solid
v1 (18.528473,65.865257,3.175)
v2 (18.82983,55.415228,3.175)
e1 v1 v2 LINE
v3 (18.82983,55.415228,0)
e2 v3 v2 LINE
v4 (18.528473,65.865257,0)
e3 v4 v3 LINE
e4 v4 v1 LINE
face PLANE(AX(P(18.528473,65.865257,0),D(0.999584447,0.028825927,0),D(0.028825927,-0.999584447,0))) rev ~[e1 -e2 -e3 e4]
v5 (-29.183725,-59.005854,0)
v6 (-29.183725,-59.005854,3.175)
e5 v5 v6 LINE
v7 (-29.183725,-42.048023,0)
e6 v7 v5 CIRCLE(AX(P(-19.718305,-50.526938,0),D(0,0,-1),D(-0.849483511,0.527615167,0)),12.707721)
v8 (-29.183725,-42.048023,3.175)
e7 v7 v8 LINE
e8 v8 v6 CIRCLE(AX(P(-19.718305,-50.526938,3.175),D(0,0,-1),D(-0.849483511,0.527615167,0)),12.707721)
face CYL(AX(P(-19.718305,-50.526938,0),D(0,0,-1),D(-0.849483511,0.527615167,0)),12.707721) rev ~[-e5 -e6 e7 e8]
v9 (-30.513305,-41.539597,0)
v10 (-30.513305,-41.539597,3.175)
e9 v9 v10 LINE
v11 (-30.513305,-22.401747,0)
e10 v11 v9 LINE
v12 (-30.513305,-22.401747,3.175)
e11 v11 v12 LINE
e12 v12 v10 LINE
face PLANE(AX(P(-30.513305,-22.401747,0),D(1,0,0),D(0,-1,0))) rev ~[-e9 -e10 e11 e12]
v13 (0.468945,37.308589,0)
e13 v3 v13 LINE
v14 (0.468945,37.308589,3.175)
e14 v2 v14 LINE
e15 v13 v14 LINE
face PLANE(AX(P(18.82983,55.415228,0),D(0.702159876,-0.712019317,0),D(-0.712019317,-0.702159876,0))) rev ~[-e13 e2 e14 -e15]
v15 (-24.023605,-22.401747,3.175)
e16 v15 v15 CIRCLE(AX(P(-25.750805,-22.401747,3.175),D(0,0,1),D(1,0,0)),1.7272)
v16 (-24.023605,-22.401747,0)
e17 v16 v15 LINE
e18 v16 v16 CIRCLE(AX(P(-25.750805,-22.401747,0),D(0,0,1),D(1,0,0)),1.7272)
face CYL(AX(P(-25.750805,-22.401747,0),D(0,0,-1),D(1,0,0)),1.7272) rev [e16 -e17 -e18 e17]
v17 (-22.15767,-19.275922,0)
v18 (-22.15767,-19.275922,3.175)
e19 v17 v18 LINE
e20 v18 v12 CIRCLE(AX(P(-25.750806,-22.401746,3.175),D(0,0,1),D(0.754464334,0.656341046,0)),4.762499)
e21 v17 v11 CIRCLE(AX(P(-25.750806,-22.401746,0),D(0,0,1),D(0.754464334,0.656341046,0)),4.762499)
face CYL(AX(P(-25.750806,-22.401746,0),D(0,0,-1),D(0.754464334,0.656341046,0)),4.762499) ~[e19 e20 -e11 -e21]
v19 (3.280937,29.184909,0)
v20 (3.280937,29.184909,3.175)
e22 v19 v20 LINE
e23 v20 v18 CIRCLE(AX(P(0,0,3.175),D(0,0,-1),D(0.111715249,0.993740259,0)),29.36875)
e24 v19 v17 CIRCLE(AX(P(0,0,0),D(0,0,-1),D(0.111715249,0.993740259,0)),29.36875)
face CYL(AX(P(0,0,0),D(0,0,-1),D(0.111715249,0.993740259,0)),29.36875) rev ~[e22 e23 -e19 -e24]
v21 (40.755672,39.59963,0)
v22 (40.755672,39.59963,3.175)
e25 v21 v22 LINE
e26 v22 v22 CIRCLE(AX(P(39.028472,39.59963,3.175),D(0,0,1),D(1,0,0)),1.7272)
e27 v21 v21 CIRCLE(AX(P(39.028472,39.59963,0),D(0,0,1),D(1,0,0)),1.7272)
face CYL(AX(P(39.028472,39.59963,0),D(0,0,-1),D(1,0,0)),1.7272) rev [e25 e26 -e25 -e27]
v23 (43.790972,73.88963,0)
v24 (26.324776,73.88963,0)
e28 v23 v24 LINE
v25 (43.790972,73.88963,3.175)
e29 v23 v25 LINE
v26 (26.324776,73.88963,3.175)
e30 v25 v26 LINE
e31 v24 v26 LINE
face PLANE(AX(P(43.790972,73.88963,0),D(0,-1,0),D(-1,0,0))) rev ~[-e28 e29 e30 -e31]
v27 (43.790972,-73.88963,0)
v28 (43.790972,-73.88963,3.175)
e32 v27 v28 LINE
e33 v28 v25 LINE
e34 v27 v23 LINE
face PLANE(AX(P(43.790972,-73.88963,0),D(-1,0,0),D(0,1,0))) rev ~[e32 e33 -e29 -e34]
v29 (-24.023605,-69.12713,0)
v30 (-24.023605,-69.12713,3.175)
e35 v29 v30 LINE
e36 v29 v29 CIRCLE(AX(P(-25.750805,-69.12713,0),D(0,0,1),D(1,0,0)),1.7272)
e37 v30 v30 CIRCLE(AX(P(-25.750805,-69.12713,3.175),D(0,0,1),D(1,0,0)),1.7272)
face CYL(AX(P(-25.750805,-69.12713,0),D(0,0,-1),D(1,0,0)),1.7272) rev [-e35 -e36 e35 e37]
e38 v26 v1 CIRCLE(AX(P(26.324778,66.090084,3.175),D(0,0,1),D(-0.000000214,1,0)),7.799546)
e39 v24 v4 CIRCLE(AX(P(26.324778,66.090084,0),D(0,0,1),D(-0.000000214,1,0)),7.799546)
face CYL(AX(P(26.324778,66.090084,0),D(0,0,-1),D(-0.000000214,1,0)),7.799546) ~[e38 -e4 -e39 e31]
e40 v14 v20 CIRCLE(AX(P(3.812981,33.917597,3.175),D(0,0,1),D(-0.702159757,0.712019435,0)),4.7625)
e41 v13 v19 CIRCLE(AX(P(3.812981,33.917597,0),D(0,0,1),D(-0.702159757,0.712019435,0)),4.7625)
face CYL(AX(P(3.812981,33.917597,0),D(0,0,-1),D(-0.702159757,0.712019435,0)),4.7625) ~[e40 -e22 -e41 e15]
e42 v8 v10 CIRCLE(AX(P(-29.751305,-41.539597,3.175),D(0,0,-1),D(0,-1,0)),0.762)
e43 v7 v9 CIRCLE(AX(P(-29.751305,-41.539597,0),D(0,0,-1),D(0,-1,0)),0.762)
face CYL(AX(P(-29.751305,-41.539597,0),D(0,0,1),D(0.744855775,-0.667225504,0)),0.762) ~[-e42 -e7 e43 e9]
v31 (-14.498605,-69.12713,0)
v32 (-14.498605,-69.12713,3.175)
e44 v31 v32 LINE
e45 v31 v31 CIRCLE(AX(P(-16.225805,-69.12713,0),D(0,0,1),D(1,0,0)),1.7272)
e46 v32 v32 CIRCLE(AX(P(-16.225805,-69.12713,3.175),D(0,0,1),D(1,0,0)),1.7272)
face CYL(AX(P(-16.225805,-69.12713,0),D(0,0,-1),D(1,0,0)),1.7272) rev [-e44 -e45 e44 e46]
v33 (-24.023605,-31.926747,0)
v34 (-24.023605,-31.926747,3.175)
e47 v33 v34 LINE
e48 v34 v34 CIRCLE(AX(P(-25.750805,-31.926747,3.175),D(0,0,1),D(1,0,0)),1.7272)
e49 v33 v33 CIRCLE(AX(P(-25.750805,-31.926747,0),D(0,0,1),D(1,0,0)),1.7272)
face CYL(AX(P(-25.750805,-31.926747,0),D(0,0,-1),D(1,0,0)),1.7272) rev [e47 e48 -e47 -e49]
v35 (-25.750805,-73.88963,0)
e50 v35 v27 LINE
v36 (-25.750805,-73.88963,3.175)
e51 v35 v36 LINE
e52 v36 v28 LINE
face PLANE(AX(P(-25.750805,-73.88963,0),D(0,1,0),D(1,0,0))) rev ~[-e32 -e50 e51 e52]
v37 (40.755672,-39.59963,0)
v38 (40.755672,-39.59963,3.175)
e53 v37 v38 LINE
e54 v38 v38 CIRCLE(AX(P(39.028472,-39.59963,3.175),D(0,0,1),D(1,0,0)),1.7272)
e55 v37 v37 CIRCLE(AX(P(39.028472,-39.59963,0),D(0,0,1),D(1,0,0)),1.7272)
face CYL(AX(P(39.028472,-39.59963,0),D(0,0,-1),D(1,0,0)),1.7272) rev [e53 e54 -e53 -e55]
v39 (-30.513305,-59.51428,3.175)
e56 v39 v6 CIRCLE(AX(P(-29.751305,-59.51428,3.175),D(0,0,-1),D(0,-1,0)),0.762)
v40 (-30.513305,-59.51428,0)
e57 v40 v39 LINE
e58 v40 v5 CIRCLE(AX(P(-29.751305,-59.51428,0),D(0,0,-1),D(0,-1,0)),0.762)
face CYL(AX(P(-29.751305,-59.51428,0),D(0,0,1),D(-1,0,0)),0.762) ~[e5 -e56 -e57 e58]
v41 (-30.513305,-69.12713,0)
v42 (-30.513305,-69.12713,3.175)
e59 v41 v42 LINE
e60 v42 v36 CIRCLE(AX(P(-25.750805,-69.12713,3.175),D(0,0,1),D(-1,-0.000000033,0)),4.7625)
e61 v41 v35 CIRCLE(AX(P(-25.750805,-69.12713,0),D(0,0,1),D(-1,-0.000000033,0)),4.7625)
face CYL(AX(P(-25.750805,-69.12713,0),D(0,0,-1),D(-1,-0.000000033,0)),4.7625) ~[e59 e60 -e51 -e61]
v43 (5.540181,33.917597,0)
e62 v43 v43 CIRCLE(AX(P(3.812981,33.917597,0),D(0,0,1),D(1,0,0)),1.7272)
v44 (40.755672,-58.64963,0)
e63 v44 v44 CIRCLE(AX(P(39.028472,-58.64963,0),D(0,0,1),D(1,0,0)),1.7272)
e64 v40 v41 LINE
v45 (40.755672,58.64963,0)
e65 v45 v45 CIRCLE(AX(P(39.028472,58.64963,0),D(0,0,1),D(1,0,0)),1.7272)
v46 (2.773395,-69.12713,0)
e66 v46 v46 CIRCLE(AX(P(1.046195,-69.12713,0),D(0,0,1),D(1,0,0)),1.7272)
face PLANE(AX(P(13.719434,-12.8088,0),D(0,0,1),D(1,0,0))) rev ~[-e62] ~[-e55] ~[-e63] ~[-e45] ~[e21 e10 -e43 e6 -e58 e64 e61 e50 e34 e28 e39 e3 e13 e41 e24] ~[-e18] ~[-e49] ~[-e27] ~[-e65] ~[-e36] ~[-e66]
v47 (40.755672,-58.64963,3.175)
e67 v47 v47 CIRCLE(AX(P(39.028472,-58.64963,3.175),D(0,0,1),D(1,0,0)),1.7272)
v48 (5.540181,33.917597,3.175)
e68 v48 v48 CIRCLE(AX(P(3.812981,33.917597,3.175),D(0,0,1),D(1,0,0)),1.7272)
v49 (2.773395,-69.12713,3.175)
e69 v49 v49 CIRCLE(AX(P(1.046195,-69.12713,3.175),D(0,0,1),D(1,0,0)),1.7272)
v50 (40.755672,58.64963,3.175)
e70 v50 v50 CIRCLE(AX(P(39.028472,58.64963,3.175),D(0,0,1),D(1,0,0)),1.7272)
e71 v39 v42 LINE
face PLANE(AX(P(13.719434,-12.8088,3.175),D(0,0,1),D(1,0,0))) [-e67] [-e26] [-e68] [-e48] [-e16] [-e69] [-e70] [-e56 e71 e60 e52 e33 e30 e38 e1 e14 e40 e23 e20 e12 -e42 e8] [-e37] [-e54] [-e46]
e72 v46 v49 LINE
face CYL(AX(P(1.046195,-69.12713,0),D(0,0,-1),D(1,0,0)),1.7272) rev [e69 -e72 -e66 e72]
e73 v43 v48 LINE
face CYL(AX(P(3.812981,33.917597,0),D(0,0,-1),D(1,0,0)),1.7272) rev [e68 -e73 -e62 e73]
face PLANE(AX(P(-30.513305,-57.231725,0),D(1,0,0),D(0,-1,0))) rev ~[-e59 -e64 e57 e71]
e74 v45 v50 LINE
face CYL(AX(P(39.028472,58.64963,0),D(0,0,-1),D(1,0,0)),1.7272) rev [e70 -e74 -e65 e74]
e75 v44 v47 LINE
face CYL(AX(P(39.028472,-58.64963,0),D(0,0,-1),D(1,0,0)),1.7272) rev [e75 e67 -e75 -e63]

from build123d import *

# Parameters (mm, degrees)
F0_R     = 1.7272
F1_DEPTH = 3.175
F2_R     = 0.762


with BuildPart() as f1:
    # F0 (on Top) → F1 (new body)
    with BuildSketch(Plane.XY):
        with BuildLine():
            Line((-25.750805, -73.88963), (43.790972, -73.88963))
            Line((43.790972, -73.88963), (43.790972, 73.88963))
            Line((43.790972, 73.88963), (26.324776, 73.88963))
            ThreePointArc((26.324776, 73.88963), (20.730742, 71.525126), (18.528473, 65.865257))
            Line((18.528473, 65.865257), (18.82983, 55.415228))
            Line((18.82983, 55.415228), (0.468945, 37.308589))
            ThreePointArc((0.468945, 37.308589), (-0.687524, 32.359758), (3.280937, 29.184909))
            ThreePointArc((3.280937, 29.184909), (26.003765, -13.65019), (-22.15767, -19.275922))
            ThreePointArc((-22.15767, -19.275922), (-27.419502, -17.941157), (-30.513305, -22.401747))
            Line((-30.513305, -22.401747), (-30.513305, -43.822152))
            ThreePointArc((-30.513305, -43.822152), (-7.010584, -50.526938), (-30.513305, -57.231725))
            Line((-30.513305, -57.231725), (-30.513305, -69.12713))
            ThreePointArc((-30.513305, -69.12713), (-29.118401, -72.494726), (-25.750805, -73.88963))
        make_face()
        with Locations((-25.750805, -69.12713)):
            Circle(F0_R, mode=Mode.SUBTRACT)
        with Locations((-16.225805, -69.12713)):
            Circle(F0_R, mode=Mode.SUBTRACT)
        with Locations((1.046195, -69.12713)):
            Circle(F0_R, mode=Mode.SUBTRACT)
        with Locations((-25.750805, -31.926747)):
            Circle(F0_R, mode=Mode.SUBTRACT)
        with Locations((-25.750805, -22.401747)):
            Circle(F0_R, mode=Mode.SUBTRACT)
        with Locations((39.028472, -58.64963)):
            Circle(F0_R, mode=Mode.SUBTRACT)
        with Locations((39.028472, -39.59963)):
            Circle(F0_R, mode=Mode.SUBTRACT)
        with Locations((3.812981, 33.917597)):
            Circle(F0_R, mode=Mode.SUBTRACT)
        with Locations((39.028472, 39.59963)):
            Circle(F0_R, mode=Mode.SUBTRACT)
        with Locations((39.028472, 58.64963)):
            Circle(F0_R, mode=Mode.SUBTRACT)
    extrude(amount=F1_DEPTH)

    # F2
    f2_edges = [f1.edges().sort_by_distance(p)[0] for p in [
        (-30.513305, -43.822152, 1.5875),
        (-30.513305, -57.231725, 1.5875),
    ]]
    fillet(f2_edges, radius=F2_R)


solid = f1.part
